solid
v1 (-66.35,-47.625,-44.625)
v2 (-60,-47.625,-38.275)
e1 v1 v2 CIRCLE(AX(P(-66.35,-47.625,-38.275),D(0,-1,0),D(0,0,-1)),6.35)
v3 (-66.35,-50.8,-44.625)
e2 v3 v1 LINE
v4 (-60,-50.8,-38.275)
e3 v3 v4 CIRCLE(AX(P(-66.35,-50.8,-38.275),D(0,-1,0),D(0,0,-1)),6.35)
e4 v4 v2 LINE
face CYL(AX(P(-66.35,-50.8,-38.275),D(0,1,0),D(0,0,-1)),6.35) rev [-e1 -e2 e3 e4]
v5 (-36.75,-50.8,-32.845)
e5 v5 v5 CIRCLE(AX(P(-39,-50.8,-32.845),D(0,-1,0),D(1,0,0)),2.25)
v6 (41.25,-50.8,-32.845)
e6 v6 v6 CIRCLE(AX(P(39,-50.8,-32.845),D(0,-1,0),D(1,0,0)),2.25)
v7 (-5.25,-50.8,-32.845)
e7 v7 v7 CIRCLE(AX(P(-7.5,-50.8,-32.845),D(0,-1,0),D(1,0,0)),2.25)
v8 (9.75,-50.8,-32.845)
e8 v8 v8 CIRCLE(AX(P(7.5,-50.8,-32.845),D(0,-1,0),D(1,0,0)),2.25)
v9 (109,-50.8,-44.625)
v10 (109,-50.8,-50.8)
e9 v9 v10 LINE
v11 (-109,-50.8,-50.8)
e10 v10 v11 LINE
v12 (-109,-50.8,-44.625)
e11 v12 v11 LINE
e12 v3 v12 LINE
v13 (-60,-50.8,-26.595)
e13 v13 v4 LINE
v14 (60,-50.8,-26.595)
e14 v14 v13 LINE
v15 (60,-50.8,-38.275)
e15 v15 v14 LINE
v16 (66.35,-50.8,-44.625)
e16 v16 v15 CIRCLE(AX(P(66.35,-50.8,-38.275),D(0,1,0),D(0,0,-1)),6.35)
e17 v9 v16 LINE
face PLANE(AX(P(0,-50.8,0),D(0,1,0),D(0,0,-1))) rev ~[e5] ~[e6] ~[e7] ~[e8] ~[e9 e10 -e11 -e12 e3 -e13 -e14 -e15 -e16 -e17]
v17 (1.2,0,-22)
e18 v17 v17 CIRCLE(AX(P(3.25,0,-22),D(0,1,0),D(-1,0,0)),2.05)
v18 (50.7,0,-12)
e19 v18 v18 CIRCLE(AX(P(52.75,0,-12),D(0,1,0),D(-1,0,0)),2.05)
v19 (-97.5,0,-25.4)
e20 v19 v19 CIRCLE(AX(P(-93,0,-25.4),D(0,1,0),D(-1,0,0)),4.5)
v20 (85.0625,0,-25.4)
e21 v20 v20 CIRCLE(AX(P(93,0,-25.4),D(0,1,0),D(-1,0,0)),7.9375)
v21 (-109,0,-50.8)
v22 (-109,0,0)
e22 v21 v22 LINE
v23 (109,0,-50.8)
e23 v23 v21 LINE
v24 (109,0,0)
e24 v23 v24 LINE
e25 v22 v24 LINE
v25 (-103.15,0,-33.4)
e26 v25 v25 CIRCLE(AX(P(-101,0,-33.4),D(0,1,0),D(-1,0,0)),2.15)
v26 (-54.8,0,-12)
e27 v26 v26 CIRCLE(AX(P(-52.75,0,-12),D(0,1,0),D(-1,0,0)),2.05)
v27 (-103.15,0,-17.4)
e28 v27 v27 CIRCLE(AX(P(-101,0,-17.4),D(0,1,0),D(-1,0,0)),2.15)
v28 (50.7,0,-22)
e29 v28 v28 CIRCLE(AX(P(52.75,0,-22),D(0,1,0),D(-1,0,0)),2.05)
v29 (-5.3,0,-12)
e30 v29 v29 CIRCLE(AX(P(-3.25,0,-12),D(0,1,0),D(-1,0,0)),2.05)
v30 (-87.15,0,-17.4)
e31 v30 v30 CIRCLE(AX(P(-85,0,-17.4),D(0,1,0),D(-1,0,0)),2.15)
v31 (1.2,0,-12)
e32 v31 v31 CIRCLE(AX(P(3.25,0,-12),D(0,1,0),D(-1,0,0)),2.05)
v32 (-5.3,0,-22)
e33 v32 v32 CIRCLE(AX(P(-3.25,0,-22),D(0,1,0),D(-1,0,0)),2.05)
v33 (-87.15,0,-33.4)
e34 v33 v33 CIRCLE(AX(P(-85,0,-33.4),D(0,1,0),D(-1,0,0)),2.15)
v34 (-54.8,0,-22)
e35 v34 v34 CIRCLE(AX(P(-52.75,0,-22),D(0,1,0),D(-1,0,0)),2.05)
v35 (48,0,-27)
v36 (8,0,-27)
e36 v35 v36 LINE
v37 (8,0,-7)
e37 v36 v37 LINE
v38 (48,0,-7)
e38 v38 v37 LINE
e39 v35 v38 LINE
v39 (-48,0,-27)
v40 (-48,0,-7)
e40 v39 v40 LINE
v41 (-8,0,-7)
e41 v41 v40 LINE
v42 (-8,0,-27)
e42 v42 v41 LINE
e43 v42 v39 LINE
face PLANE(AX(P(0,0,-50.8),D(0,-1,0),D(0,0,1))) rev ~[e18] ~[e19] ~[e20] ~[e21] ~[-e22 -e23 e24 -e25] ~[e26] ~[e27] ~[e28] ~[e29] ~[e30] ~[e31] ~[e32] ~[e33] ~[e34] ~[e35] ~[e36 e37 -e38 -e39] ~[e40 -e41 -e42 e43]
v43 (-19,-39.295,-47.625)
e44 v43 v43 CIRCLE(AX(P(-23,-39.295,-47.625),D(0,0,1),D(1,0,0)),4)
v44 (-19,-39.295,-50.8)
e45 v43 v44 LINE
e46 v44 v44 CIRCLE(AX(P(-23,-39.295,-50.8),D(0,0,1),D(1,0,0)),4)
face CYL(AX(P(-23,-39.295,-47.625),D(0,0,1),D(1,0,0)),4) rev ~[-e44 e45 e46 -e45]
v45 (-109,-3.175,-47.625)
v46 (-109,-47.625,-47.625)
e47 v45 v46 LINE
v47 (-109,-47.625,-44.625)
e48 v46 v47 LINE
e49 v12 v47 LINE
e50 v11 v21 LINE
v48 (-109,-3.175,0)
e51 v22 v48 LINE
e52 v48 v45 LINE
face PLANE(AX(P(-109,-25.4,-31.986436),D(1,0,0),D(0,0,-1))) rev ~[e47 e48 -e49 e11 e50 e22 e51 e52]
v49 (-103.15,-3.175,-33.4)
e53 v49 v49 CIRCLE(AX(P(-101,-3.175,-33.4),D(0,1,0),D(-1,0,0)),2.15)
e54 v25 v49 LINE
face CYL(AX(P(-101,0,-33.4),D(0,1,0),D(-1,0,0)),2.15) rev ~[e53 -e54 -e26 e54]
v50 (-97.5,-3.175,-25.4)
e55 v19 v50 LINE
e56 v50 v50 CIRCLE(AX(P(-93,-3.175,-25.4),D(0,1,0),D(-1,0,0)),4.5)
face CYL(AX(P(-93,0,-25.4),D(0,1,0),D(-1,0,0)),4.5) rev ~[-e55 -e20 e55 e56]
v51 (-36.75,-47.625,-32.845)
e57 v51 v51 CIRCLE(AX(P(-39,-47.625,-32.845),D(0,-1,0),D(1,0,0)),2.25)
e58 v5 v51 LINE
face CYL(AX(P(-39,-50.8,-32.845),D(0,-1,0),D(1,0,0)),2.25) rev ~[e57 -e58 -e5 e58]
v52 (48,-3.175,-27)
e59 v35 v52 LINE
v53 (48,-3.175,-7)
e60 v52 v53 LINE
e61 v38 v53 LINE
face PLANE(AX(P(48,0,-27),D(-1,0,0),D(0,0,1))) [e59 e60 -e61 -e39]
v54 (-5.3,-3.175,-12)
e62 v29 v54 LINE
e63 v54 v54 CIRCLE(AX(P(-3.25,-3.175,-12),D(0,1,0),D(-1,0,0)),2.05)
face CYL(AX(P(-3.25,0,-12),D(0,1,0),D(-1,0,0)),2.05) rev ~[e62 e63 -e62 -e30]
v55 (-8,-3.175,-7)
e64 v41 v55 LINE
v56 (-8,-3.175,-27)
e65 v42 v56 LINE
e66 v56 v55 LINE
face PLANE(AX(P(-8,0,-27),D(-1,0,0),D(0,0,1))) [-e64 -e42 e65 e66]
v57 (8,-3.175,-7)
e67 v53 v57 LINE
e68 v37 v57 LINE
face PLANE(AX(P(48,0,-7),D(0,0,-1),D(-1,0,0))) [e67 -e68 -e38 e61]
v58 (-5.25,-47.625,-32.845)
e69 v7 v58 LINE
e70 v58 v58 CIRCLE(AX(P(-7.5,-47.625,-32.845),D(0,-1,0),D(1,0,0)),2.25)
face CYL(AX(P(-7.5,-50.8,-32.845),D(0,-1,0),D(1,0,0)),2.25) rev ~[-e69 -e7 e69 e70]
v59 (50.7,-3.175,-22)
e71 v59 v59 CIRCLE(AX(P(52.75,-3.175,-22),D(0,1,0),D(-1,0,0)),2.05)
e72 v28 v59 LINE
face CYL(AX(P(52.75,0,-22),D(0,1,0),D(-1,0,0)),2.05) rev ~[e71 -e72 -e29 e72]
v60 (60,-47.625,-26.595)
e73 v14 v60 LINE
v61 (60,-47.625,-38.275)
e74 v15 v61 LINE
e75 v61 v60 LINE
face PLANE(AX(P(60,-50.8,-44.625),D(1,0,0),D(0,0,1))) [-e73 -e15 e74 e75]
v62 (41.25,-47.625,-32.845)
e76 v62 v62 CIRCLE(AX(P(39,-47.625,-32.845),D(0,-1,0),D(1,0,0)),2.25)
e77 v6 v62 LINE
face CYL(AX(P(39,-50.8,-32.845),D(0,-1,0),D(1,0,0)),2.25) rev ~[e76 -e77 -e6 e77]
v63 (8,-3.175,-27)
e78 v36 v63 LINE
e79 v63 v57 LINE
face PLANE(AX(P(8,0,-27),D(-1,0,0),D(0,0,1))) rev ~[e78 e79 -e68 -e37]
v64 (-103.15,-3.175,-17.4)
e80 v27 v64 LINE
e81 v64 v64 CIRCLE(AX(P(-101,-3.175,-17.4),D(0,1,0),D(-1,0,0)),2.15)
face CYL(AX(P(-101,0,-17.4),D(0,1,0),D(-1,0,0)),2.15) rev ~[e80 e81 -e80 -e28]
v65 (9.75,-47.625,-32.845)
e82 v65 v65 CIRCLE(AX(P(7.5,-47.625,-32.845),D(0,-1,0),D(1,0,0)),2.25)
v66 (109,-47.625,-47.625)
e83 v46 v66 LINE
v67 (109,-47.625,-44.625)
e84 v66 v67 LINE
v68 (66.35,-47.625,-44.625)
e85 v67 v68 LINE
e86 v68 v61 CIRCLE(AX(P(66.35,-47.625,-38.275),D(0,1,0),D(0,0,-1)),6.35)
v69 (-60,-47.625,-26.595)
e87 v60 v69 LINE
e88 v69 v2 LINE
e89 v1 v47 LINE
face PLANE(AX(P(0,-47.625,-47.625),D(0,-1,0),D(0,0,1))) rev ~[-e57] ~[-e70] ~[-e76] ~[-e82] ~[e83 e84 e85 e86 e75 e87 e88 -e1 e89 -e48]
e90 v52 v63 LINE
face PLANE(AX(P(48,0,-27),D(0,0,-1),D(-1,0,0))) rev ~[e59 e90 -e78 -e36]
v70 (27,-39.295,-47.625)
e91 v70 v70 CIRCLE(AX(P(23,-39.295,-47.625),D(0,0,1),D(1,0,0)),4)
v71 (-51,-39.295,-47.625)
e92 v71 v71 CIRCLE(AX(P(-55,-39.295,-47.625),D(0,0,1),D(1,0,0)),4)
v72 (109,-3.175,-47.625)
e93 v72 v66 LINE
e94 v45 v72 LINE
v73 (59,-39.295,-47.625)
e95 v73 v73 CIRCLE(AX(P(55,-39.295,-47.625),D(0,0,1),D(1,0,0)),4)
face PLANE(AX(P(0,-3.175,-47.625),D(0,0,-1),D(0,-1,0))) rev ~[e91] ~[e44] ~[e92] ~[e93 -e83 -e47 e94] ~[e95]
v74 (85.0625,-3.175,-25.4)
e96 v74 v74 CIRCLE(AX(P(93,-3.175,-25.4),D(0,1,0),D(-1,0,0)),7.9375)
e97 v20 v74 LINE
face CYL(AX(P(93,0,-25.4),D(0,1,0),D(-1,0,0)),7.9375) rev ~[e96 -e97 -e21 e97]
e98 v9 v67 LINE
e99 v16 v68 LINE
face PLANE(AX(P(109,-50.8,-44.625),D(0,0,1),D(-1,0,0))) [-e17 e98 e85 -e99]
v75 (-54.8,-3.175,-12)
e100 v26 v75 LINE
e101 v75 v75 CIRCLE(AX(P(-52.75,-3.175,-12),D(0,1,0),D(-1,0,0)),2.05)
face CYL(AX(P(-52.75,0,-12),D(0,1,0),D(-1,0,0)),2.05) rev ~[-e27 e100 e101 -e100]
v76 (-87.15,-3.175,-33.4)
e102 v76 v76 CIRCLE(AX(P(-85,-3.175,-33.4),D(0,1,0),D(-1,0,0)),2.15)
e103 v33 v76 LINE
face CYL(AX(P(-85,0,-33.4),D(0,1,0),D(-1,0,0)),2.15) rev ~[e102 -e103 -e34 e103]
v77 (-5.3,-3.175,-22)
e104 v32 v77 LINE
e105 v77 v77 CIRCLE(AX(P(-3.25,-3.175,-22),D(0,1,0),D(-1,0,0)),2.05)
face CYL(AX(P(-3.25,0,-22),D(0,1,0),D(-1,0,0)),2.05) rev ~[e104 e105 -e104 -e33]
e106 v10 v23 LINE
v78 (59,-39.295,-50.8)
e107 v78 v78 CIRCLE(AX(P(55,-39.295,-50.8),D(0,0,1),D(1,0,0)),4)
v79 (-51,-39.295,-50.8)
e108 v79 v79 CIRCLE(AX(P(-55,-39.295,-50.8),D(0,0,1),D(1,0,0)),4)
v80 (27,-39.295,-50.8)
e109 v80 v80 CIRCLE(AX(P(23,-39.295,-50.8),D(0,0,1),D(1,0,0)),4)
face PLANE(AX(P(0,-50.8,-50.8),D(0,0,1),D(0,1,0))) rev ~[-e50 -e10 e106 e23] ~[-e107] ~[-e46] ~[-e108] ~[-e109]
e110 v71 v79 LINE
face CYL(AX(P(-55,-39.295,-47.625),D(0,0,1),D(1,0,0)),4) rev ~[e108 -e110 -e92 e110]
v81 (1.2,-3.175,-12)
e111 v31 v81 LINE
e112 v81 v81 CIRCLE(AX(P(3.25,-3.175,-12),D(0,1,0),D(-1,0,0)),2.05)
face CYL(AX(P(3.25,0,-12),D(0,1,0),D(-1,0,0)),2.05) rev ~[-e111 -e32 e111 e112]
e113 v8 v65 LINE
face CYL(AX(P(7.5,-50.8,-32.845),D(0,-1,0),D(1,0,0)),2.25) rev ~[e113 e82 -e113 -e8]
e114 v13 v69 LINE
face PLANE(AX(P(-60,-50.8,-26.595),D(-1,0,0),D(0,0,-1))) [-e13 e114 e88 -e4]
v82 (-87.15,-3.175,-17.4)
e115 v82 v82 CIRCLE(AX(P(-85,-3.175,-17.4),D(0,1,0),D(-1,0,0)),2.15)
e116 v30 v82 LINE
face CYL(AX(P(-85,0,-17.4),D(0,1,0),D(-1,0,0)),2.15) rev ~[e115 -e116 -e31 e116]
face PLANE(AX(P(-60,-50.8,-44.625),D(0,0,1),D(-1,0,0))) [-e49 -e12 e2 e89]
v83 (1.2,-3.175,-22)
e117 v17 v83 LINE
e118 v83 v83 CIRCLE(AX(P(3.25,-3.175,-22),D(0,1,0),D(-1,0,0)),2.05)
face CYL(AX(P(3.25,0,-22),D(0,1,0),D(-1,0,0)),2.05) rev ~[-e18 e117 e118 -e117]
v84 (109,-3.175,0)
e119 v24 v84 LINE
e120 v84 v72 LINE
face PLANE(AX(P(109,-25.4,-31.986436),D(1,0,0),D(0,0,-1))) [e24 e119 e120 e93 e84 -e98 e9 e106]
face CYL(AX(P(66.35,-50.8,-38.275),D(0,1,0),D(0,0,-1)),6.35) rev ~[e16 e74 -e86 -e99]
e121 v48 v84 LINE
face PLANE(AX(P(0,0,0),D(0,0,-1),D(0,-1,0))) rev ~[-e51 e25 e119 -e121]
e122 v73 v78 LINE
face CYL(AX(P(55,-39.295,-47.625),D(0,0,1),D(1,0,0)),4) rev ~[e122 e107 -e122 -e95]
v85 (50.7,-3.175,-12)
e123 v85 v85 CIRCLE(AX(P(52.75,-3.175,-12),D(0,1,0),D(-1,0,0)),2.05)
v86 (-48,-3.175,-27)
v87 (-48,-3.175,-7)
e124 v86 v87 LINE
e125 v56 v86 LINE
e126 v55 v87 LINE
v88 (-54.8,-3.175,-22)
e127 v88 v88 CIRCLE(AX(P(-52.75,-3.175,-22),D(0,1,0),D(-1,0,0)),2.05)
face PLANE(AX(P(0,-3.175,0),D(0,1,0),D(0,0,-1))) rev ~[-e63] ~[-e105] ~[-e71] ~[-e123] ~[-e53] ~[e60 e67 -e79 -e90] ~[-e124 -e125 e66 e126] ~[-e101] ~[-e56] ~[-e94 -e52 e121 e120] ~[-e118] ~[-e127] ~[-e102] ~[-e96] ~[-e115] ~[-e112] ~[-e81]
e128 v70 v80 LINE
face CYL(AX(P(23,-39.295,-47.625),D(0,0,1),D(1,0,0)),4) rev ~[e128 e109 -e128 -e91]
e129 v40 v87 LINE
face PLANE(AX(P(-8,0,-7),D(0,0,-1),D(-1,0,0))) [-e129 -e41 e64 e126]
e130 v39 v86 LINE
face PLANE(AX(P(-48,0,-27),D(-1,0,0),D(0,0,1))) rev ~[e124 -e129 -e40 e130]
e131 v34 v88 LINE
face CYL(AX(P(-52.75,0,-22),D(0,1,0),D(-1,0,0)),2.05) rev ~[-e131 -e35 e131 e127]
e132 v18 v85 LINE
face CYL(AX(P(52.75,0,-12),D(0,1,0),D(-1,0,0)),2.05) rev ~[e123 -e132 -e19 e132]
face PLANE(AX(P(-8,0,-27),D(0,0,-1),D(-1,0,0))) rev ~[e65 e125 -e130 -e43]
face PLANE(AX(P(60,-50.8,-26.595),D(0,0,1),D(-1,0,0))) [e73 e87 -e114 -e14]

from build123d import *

# Parameters (mm, degrees)
BASE_ANGLE_PROFILE_DEPTH         = 109
SKETCH2_R                        = 2.05
SKETCH2_W                        = 40
SKETCH2_H                        = 20
SERVO_MOUNT_PATTERN_DEPTH        = 3.175
SKETCH3_R                        = 4.5
SKETCH3_R_2                      = 2.15
LEAD_SCREW_NUT_PATTERN_DEPTH     = 3.175
SKETCH4_R                        = 7.9375
SUPPORT_SHAFT_PASS_THROUGH_DEPTH = 3.175
CHANNEL_BOTTOM_CUT_DEPTH         = 10
SKETCH7_R                        = 4
CUT_EXTRUDE5_DEPTH               = 4.175
SKETCH8_R                        = 2.25
CUT_EXTRUDE6_DEPTH               = 3.175
FILLET1_R                        = 6.35
BODY_MOVE_COPY1_ANGLE            = 180


with BuildPart() as part:
    # Sketch1 → Base Angle Profile (new body, symmetric)
    with BuildSketch(Plane(origin=(0, 0, 0), x_dir=(0, 0, -1), z_dir=(1, 0, 0))):
        Polygon((0, 0), (50.8, 0), (50.8, -3.175), (3.175, -3.175), (3.175, -47.625), (50.8, -47.625), (50.8, -50.8), (0, -50.8), align=None)
    extrude(amount=BASE_ANGLE_PROFILE_DEPTH, both=True)

    # Sketch2 → Servo Mount Pattern (cut)
    with BuildSketch(Plane(origin=(0, 0, 0), x_dir=(1, 0, 0), z_dir=(0, 1, 0))):
        with Locations((-52.75, 38.8)):
            Circle(SKETCH2_R)
        with Locations((-52.75, 28.8)):
            Circle(SKETCH2_R)
        with Locations((-3.25, 38.8)):
            Circle(SKETCH2_R)
        with Locations((-3.25, 28.8)):
            Circle(SKETCH2_R)
        with Locations((3.25, 28.8)):
            Circle(SKETCH2_R)
        with Locations((3.25, 38.8)):
            Circle(SKETCH2_R)
        with Locations((52.75, 38.8)):
            Circle(SKETCH2_R)
        with Locations((52.75, 28.8)):
            Circle(SKETCH2_R)
        with Locations((-28, 33.8)):
            Rectangle(SKETCH2_W, SKETCH2_H)
        with Locations((28, 33.8)):
            Rectangle(SKETCH2_W, SKETCH2_H)
    extrude(amount=-SERVO_MOUNT_PATTERN_DEPTH, mode=Mode.SUBTRACT)

    # Sketch3 → Lead Screw Nut Pattern (cut)
    with BuildSketch(Plane(origin=(0, 0, 0), x_dir=(1, 0, 0), z_dir=(0, 1, 0))):
        with Locations((93, 25.4)):
            Circle(SKETCH3_R)
        with Locations((101, 33.4)):
            Circle(SKETCH3_R_2)
        with Locations((85, 33.4)):
            Circle(SKETCH3_R_2)
        with Locations((85, 17.4)):
            Circle(SKETCH3_R_2)
        with Locations((101, 17.4)):
            Circle(SKETCH3_R_2)
    extrude(amount=-LEAD_SCREW_NUT_PATTERN_DEPTH, mode=Mode.SUBTRACT)

    # Sketch4 → Support Shaft Pass Through (cut)
    with BuildSketch(Plane(origin=(0, 0, 0), x_dir=(1, 0, 0), z_dir=(0, 1, 0))):
        with Locations((-93, 25.4)):
            Circle(SKETCH4_R)
    extrude(amount=-SUPPORT_SHAFT_PASS_THROUGH_DEPTH, mode=Mode.SUBTRACT)

    # Sketch5 → Channel Bottom Cut (cut)
    with BuildSketch(Plane.XZ.offset(50.8)):
        Polygon((-109, -6.175), (-60, -6.175), (-60, -24.205), (60, -24.205), (60, -6.175), (109, -6.175), (109, -50.8), (-109, -50.8), align=None)
    extrude(amount=-CHANNEL_BOTTOM_CUT_DEPTH, mode=Mode.SUBTRACT)

    # Sketch7 → Cut-Extrude5 (cut, through all)
    with BuildSketch(Plane(origin=(0, 0, -3.175), x_dir=(-1, 0, 0), z_dir=(0, 0, -1))):
        with Locations((-55, -39.295)):
            Circle(SKETCH7_R)
        with Locations((-23, -39.295)):
            Circle(SKETCH7_R)
        with Locations((23, -39.295)):
            Circle(SKETCH7_R)
        with Locations((55, -39.295)):
            Circle(SKETCH7_R)
    extrude(amount=-CUT_EXTRUDE5_DEPTH, mode=Mode.SUBTRACT)

    # Sketch8 → Cut-Extrude6 (cut)
    with BuildSketch(Plane(origin=(0, -50.8, 0), x_dir=(-1, 0, 0), z_dir=(0, -1, 0))):
        with Locations((39, 17.955)):
            Circle(SKETCH8_R)
        with Locations((7.5, 17.955)):
            Circle(SKETCH8_R)
        with Locations((-7.5, 17.955)):
            Circle(SKETCH8_R)
        with Locations((-39, 17.955)):
            Circle(SKETCH8_R)
    extrude(amount=-CUT_EXTRUDE6_DEPTH, mode=Mode.SUBTRACT)

    # Fillet1
    fillet1_edges = [part.edges().sort_by_distance(p)[0] for p in [
        (-60, -49.2125, -6.175),
        (60, -49.2125, -6.175),
    ]]
    fillet(fillet1_edges, radius=FILLET1_R)


with BuildPart() as part_1:
    # Body-Move/Copy1: moved
    add(part.part.rotate(Axis((0, 0, -25.4), (0, 1, 0)), BODY_MOVE_COPY1_ANGLE))


solid = part_1.part
